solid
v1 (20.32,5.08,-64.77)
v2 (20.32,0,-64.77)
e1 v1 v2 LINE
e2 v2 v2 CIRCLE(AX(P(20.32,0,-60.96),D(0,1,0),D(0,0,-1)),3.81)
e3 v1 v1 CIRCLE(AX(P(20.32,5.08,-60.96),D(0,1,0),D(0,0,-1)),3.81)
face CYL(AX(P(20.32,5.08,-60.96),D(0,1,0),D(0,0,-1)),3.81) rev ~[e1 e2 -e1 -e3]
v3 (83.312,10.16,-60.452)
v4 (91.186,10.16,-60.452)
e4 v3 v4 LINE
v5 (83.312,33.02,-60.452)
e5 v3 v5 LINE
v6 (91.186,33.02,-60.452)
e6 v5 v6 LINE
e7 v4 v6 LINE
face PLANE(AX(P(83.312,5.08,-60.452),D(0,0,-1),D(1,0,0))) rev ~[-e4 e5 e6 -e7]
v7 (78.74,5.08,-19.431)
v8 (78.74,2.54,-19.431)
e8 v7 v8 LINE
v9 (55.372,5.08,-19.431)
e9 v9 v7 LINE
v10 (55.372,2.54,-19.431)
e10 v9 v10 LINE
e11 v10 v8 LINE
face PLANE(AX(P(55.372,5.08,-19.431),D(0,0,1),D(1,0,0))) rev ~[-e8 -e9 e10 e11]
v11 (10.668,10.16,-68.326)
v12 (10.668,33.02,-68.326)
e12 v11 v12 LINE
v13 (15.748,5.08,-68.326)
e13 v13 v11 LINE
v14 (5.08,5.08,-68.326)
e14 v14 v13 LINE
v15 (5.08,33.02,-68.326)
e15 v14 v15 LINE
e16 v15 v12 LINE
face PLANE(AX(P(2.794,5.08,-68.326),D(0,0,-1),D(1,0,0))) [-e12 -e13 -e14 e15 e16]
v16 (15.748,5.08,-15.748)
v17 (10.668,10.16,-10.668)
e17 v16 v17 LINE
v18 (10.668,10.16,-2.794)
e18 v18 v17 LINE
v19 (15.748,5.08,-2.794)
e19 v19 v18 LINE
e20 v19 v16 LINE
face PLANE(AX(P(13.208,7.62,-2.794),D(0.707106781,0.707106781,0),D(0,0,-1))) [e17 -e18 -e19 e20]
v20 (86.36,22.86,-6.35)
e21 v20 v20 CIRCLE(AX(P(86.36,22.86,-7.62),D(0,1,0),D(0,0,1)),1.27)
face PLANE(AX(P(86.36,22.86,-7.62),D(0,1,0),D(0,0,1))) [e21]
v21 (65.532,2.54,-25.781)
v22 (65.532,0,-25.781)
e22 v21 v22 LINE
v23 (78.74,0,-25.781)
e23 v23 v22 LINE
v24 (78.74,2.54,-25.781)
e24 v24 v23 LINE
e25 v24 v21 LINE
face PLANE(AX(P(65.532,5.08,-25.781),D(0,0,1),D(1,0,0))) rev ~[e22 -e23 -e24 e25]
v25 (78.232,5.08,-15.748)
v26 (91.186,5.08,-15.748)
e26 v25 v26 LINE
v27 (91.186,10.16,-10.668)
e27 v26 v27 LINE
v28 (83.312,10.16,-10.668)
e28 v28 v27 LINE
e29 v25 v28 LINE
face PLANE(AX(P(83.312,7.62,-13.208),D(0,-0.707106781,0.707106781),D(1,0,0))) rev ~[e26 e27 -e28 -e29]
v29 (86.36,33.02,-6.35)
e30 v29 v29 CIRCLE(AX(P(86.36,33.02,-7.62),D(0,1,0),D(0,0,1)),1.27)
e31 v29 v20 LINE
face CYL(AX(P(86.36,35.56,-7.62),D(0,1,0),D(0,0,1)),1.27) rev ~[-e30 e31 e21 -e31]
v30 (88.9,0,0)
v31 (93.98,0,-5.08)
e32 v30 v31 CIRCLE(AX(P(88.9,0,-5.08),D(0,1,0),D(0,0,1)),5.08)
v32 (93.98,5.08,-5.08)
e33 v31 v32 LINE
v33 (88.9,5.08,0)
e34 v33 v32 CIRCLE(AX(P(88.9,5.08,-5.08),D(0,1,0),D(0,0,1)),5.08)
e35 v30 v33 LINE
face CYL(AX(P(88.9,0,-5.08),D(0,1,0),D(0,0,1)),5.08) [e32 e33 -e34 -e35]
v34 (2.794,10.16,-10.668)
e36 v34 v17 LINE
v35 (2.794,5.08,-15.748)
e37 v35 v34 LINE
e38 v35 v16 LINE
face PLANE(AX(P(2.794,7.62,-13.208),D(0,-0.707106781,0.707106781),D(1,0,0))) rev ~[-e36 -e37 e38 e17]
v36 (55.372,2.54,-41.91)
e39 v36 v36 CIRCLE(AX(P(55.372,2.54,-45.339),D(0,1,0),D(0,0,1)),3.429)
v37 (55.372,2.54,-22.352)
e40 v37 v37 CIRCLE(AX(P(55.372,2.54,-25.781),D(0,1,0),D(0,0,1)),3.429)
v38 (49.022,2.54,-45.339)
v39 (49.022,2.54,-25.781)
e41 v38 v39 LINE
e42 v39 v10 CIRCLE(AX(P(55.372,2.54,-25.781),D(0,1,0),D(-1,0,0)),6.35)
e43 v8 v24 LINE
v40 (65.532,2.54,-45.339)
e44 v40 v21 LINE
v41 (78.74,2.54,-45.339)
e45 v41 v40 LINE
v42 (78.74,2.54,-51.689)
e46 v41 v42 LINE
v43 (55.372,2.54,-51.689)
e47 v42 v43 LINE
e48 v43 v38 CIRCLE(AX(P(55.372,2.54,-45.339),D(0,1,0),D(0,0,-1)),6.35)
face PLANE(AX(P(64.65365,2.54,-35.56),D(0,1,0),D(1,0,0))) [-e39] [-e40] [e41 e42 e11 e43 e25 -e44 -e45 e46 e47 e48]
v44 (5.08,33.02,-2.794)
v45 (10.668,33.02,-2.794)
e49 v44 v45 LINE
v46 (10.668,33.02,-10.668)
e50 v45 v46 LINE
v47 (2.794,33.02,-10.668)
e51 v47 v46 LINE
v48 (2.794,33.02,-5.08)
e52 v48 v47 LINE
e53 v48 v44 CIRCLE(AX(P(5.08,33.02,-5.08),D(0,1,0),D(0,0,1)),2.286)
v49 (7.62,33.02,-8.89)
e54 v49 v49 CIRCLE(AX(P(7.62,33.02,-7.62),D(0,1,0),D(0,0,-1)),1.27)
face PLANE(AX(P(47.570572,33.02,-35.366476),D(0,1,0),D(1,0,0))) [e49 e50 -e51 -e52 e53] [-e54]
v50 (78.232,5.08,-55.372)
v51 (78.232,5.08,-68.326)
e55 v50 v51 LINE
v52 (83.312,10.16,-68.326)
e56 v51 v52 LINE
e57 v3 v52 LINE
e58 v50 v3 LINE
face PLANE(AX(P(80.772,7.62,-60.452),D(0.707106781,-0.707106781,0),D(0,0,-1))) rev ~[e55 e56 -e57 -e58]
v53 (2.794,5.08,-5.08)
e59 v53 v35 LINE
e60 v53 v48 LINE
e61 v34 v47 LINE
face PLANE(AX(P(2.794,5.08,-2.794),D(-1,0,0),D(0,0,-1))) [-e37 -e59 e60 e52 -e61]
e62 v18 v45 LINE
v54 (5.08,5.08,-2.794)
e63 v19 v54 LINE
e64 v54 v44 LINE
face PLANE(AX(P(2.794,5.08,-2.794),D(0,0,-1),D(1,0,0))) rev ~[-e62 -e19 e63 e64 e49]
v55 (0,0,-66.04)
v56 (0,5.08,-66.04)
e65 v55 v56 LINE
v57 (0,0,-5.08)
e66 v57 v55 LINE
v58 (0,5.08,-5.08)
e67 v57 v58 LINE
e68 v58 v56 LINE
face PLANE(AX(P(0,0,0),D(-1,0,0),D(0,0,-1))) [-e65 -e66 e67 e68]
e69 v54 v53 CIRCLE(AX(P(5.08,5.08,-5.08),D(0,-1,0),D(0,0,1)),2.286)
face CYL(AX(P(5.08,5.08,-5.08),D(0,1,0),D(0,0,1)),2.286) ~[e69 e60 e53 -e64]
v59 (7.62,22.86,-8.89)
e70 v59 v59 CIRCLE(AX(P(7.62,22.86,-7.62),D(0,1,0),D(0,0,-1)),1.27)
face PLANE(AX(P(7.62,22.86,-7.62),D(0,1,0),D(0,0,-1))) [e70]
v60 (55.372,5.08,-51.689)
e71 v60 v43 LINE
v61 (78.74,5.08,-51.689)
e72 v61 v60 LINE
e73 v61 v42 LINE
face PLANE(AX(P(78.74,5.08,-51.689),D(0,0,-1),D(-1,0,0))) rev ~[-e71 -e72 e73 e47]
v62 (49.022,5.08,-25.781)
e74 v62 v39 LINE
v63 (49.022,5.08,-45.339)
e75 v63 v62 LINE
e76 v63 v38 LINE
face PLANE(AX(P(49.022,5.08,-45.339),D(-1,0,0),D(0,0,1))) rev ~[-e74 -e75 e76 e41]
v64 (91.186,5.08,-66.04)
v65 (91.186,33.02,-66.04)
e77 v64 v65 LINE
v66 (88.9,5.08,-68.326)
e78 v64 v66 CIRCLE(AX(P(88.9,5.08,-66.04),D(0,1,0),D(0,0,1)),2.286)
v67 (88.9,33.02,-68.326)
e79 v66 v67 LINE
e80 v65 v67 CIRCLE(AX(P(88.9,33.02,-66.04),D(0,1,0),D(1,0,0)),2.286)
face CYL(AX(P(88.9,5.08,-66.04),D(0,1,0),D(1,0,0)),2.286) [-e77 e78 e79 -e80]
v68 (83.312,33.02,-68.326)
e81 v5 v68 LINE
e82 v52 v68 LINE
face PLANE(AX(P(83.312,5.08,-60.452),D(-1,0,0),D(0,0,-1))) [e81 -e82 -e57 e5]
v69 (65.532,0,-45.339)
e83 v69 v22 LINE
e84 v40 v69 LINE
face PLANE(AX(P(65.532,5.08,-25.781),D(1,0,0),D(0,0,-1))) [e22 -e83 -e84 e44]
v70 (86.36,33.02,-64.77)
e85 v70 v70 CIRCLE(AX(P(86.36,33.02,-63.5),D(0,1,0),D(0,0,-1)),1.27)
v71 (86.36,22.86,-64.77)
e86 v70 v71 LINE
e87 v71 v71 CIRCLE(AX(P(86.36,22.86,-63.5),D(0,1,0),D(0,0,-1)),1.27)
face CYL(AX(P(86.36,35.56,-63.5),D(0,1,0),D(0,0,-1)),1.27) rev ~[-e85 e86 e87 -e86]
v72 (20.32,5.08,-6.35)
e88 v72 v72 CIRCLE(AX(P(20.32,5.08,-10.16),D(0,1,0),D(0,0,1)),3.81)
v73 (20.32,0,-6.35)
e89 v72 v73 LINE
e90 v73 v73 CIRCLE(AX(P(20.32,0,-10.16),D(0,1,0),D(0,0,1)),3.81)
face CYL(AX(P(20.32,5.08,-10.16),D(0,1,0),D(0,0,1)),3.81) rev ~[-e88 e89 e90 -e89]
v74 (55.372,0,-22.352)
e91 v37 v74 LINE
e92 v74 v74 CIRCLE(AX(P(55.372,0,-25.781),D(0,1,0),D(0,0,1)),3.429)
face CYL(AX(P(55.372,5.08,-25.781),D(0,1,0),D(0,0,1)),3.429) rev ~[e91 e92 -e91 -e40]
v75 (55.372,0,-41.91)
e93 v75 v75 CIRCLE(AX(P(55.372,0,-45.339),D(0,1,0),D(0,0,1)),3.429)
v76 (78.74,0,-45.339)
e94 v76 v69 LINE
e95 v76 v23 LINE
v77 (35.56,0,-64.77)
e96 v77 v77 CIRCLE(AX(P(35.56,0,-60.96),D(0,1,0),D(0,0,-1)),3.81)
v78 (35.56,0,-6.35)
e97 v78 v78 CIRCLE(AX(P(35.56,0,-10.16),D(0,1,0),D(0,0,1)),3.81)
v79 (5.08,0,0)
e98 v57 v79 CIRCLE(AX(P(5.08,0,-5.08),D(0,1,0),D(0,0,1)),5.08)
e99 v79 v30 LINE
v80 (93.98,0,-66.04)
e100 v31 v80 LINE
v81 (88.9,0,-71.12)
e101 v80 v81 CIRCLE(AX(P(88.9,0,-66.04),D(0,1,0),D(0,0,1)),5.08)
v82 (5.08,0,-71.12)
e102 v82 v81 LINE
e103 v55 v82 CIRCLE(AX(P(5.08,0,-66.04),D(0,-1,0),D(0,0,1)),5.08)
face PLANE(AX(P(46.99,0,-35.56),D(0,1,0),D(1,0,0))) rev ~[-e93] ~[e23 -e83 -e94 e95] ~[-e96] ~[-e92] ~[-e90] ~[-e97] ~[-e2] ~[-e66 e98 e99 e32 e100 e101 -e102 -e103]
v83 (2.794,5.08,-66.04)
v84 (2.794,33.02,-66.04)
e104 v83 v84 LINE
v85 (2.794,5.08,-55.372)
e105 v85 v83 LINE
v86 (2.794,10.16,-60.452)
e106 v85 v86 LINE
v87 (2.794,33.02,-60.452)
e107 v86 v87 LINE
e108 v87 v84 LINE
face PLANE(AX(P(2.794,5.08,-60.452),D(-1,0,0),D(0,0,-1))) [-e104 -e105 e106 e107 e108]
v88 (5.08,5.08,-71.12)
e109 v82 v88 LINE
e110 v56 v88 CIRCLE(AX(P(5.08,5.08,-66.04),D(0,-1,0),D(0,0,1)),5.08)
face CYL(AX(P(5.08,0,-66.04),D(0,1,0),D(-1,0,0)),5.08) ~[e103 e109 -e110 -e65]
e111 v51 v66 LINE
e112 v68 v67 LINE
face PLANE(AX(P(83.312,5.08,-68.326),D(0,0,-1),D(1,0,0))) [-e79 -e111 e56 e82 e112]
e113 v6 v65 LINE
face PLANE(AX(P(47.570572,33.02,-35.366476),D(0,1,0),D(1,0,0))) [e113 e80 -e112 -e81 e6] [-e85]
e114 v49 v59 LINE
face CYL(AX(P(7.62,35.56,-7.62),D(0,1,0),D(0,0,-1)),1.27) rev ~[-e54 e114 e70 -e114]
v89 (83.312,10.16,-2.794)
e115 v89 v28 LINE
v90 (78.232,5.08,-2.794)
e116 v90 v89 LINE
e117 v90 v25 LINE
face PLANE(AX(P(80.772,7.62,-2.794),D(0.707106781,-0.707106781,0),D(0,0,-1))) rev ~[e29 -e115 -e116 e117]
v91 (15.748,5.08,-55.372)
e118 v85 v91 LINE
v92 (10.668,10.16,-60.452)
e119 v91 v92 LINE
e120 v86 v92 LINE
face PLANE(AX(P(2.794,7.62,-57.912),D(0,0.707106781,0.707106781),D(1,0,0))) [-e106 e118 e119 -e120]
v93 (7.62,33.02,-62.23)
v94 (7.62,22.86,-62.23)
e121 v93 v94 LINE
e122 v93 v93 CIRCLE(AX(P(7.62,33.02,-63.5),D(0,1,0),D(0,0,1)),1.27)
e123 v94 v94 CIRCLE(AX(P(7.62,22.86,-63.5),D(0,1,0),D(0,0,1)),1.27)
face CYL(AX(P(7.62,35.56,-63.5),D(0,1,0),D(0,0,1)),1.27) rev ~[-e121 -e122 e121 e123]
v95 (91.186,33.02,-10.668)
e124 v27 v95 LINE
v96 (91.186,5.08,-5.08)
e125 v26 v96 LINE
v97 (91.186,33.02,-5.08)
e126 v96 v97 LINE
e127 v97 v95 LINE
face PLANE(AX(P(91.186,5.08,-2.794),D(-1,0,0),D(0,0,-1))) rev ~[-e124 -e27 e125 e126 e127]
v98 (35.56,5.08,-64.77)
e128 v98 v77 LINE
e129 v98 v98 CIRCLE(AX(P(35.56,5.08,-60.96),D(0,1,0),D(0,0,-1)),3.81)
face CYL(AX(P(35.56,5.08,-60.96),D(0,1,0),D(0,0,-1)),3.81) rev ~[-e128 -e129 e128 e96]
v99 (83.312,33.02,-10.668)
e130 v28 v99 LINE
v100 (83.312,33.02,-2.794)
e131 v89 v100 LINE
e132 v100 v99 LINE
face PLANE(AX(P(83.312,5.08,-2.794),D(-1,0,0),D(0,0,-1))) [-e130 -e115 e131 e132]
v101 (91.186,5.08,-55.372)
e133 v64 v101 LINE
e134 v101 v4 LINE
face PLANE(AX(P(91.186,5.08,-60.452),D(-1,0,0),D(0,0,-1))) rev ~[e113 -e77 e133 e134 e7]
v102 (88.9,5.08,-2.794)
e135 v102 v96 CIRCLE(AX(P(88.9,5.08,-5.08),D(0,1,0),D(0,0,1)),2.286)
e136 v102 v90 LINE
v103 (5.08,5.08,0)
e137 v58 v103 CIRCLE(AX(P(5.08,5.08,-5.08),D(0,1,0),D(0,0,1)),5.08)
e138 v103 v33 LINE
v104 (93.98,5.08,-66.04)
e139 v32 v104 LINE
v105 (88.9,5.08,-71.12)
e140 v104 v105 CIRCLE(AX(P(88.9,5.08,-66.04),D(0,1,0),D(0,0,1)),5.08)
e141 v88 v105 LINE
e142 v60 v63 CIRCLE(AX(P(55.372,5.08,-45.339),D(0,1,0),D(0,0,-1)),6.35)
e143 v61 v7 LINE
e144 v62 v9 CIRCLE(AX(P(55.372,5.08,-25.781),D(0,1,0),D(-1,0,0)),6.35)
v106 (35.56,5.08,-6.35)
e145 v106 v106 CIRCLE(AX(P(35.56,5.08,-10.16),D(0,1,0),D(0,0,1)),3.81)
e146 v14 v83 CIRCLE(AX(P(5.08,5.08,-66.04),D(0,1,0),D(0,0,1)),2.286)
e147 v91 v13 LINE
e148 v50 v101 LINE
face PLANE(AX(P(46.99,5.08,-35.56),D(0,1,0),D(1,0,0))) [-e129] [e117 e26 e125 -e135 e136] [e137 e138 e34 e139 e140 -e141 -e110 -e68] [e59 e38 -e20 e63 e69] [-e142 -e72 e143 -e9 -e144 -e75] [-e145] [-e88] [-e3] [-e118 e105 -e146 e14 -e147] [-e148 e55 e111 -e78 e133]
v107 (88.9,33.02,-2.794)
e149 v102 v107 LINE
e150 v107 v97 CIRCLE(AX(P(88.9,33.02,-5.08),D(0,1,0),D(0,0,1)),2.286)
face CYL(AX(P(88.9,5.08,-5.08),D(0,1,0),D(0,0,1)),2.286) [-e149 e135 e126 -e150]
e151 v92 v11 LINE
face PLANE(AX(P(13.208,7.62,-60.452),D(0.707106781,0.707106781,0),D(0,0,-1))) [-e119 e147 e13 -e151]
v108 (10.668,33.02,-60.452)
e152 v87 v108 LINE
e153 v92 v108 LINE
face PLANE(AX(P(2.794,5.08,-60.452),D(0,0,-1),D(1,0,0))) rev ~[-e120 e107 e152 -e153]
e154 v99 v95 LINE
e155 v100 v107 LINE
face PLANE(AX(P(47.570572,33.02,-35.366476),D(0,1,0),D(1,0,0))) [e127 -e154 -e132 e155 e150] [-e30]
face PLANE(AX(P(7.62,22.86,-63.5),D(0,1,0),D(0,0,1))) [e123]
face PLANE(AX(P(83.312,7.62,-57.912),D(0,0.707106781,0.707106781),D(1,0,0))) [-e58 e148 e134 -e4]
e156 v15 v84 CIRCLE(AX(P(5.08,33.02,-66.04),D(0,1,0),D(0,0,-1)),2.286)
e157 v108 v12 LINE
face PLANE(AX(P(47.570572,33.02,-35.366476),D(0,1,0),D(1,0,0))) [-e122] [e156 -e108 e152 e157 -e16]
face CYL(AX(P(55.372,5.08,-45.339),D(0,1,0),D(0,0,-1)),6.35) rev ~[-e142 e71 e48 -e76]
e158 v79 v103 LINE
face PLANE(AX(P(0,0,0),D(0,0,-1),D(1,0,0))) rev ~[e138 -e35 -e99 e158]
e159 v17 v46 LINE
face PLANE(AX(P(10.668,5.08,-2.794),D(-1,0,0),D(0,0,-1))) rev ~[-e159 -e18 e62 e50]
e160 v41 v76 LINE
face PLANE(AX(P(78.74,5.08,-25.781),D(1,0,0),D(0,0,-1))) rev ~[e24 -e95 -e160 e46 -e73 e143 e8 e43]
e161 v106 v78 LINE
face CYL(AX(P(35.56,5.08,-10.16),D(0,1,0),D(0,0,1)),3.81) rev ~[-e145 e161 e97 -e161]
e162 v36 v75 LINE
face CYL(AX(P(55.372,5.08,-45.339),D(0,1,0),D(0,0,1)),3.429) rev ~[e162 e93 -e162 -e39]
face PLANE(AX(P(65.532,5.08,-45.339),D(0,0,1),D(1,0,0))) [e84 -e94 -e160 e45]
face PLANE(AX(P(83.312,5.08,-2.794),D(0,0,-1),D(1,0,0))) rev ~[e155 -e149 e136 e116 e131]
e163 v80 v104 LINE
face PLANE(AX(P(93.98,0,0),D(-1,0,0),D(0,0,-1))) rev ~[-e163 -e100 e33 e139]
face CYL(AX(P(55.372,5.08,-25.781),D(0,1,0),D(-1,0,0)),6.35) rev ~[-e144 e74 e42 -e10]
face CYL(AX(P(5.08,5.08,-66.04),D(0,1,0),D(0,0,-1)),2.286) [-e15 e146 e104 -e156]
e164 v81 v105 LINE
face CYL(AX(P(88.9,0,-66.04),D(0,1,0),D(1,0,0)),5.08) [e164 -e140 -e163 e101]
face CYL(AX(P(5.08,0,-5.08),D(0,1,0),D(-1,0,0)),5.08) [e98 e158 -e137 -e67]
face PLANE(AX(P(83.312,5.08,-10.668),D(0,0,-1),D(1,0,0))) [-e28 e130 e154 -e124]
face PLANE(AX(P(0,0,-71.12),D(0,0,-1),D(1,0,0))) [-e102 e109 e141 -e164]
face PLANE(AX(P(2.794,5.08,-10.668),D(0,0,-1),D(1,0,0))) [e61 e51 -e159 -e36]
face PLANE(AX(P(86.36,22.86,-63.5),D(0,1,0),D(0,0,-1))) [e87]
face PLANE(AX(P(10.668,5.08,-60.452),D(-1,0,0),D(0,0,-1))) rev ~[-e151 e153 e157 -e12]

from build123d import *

# Parameters (mm, degrees)
SKETCH1_W           = 93.98
SKETCH1_H           = 71.12
BOSS_EXTRUDE1_DEPTH = 5.08
FILLET4_R           = 5.08
CUT_EXTRUDE5_REACH  = 119.967
SKETCH7_R           = 3.429
SKETCH7_W           = 13.208
SKETCH7_H           = 19.558
CUT_EXTRUDE7_DEPTH  = 2.54
CUT_EXTRUDE8_REACH  = 119.967
SKETCH8_R           = 3.81
SKETCH2_W           = 7.874
SKETCH2_H           = 7.874
BOSS_EXTRUDE3_DEPTH = 30.48
SKETCH10_R          = 1.27
CUT_EXTRUDE9_DEPTH  = 12.7
FILLET5_R           = 2.286
CHAMFER4_SIZE       = 5.08
SKETCH11_W          = 103.535361548
SKETCH11_H          = 78.086950251
CUT_EXTRUDE10_DEPTH = 2.54


with BuildPart() as part:
    # Sketch1 → Boss-Extrude1 (new body)
    with BuildSketch(Plane(origin=(0, 0, 0), x_dir=(1, 0, 0), z_dir=(0, 1, 0))):
        with Locations((46.99, 35.56)):
            Rectangle(SKETCH1_W, SKETCH1_H)
    extrude(amount=BOSS_EXTRUDE1_DEPTH)

    # Fillet4
    fillet4_edges = [part.edges().sort_by_distance(p)[0] for p in [
        (0, 2.54, -71.12),
        (93.98, 2.54, -71.12),
        (93.98, 2.54, 0),
        (0, 2.54, 0),
    ]]
    fillet(fillet4_edges, radius=FILLET4_R)

    # Sketch7 → Cut-Extrude5 (cut, up to next)
    with BuildSketch(Plane(origin=(0, 5.08, 0), x_dir=(1, 0, 0), z_dir=(0, 1, 0)), mode=Mode.PRIVATE) as cut_extrude5_sk1:
        with Locations(Location((55.372, 45.339, 0), (0, 0, 270))):
            Circle(SKETCH7_R)
    cut_extrude5_tool1 = extrude(cut_extrude5_sk1.sketch, amount=-CUT_EXTRUDE5_REACH, mode=Mode.PRIVATE) & part.part
    # Sketch7 → Cut-Extrude5 (cut, up to next)
    with BuildSketch(Plane(origin=(0, 5.08, 0), x_dir=(1, 0, 0), z_dir=(0, 1, 0)), mode=Mode.PRIVATE) as cut_extrude5_sk2:
        with Locations(Location((55.372, 25.781, 0), (0, 0, 270))):
            Circle(SKETCH7_R)
    cut_extrude5_tool2 = extrude(cut_extrude5_sk2.sketch, amount=-CUT_EXTRUDE5_REACH, mode=Mode.PRIVATE) & part.part
    # Sketch7 → Cut-Extrude5 (cut, up to next)
    with BuildSketch(Plane(origin=(0, 5.08, 0), x_dir=(1, 0, 0), z_dir=(0, 1, 0)), mode=Mode.PRIVATE) as cut_extrude5_sk3:
        with Locations((72.136, 35.56)):
            Rectangle(SKETCH7_W, SKETCH7_H)
    cut_extrude5_tool3 = extrude(cut_extrude5_sk3.sketch, amount=-CUT_EXTRUDE5_REACH, mode=Mode.PRIVATE) & part.part
    add(cut_extrude5_tool1.solids().sort_by_distance((55.372, 5.08, -45.339))[0], mode=Mode.SUBTRACT)
    add(cut_extrude5_tool2.solids().sort_by_distance((55.372, 5.08, -25.781))[0], mode=Mode.SUBTRACT)
    add(cut_extrude5_tool3.solids().sort_by_distance((72.136, 5.08, -35.56))[0], mode=Mode.SUBTRACT)

    # Sketch9 → Cut-Extrude7 (cut)
    with BuildSketch(Plane(origin=(0, 5.08, 0), x_dir=(1, 0, 0), z_dir=(0, 1, 0))):
        with BuildLine():
            Line((49.022, 45.339), (49.022, 25.781))
            ThreePointArc((49.022, 25.781), (50.881871939, 21.290871939), (55.372, 19.431))
            Line((55.372, 19.431), (65.532, 19.431))
            Line((65.532, 19.431), (78.74, 19.431))
            Line((78.74, 19.431), (78.74, 51.689))
            Line((78.74, 51.689), (65.532, 51.689))
            Line((65.532, 51.689), (55.372, 51.689))
            ThreePointArc((55.372, 51.689), (50.881871939, 49.829128061), (49.022, 45.339))
        make_face()
    extrude(amount=-CUT_EXTRUDE7_DEPTH, mode=Mode.SUBTRACT)

    # Sketch8 → Cut-Extrude8 (cut, up to next)
    with BuildSketch(Plane(origin=(0, 5.08, 0), x_dir=(1, 0, 0), z_dir=(0, 1, 0)), mode=Mode.PRIVATE) as cut_extrude8_sk1:
        with Locations(Location((20.32, 10.16, 0), (0, 0, 270))):
            Circle(SKETCH8_R)
    cut_extrude8_tool1 = extrude(cut_extrude8_sk1.sketch, amount=-CUT_EXTRUDE8_REACH, mode=Mode.PRIVATE) & part.part
    # Sketch8 → Cut-Extrude8 (cut, up to next)
    with BuildSketch(Plane(origin=(0, 5.08, 0), x_dir=(1, 0, 0), z_dir=(0, 1, 0)), mode=Mode.PRIVATE) as cut_extrude8_sk2:
        with Locations(Location((35.56, 10.16, 0), (0, 0, 270))):
            Circle(SKETCH8_R)
    cut_extrude8_tool2 = extrude(cut_extrude8_sk2.sketch, amount=-CUT_EXTRUDE8_REACH, mode=Mode.PRIVATE) & part.part
    # Sketch8 → Cut-Extrude8 (cut, up to next)
    with BuildSketch(Plane(origin=(0, 5.08, 0), x_dir=(1, 0, 0), z_dir=(0, 1, 0)), mode=Mode.PRIVATE) as cut_extrude8_sk3:
        with Locations(Location((35.56, 60.96, 0), (0, 0, 90))):
            Circle(SKETCH8_R)
    cut_extrude8_tool3 = extrude(cut_extrude8_sk3.sketch, amount=-CUT_EXTRUDE8_REACH, mode=Mode.PRIVATE) & part.part
    # Sketch8 → Cut-Extrude8 (cut, up to next)
    with BuildSketch(Plane(origin=(0, 5.08, 0), x_dir=(1, 0, 0), z_dir=(0, 1, 0)), mode=Mode.PRIVATE) as cut_extrude8_sk4:
        with Locations(Location((20.32, 60.96, 0), (0, 0, 90))):
            Circle(SKETCH8_R)
    cut_extrude8_tool4 = extrude(cut_extrude8_sk4.sketch, amount=-CUT_EXTRUDE8_REACH, mode=Mode.PRIVATE) & part.part
    add(cut_extrude8_tool1.solids().sort_by_distance((20.32, 5.08, -10.16))[0], mode=Mode.SUBTRACT)
    add(cut_extrude8_tool2.solids().sort_by_distance((35.56, 5.08, -10.16))[0], mode=Mode.SUBTRACT)
    add(cut_extrude8_tool3.solids().sort_by_distance((35.56, 5.08, -60.96))[0], mode=Mode.SUBTRACT)
    add(cut_extrude8_tool4.solids().sort_by_distance((20.32, 5.08, -60.96))[0], mode=Mode.SUBTRACT)

    # Sketch2 → Boss-Extrude3 (add)
    with BuildSketch(Plane(origin=(0, 5.08, 0), x_dir=(1, 0, 0), z_dir=(0, 1, 0))):
        with Locations((6.731, 64.389)):
            Rectangle(SKETCH2_W, SKETCH2_H)
        with Locations((87.249, 64.389)):
            Rectangle(SKETCH2_W, SKETCH2_H)
        with Locations((87.249, 6.731)):
            Rectangle(SKETCH2_W, SKETCH2_H)
        with Locations((6.731, 6.731)):
            Rectangle(SKETCH2_W, SKETCH2_H)
    extrude(amount=BOSS_EXTRUDE3_DEPTH)

    # Sketch10 → Cut-Extrude9 (cut)
    with BuildSketch(Plane(origin=(0, 35.56, 0), x_dir=(1, 0, 0), z_dir=(0, 1, 0))):
        with Locations(Location((7.62, 63.5, 0), (0, 0, 270))):
            Circle(SKETCH10_R)
        with Locations(Location((86.36, 63.5, 0), (0, 0, 90))):
            Circle(SKETCH10_R)
        with Locations(Location((86.36, 7.62, 0), (0, 0, 270))):
            Circle(SKETCH10_R)
        with Locations(Location((7.62, 7.62, 0), (0, 0, 90))):
            Circle(SKETCH10_R)
    extrude(amount=-CUT_EXTRUDE9_DEPTH, mode=Mode.SUBTRACT)

    # Fillet5
    fillet5_edges = [part.edges().sort_by_distance(p)[0] for p in [
        (2.794, 20.32, -68.326),
        (91.186, 20.32, -68.326),
        (91.186, 20.32, -2.794),
        (2.794, 20.32, -2.794),
    ]]
    fillet(fillet5_edges, radius=FILLET5_R)

    # Chamfer4
    chamfer4_edges = [part.edges().sort_by_distance(p)[0] for p in [
        (6.731, 5.08, -60.452),
        (10.668, 5.08, -64.389),
        (83.312, 5.08, -64.389),
        (87.249, 5.08, -60.452),
        (87.249, 5.08, -10.668),
        (83.312, 5.08, -6.731),
        (10.668, 5.08, -6.731),
        (6.731, 5.08, -10.668),
    ]]
    chamfer(chamfer4_edges, length=CHAMFER4_SIZE)

    # Sketch11 → Cut-Extrude10 (cut)
    with BuildSketch(Plane(origin=(0, 35.56, 0), x_dir=(1, 0, 0), z_dir=(0, 1, 0))):
        with Locations((47.570572121, 35.36647596)):
            Rectangle(SKETCH11_W, SKETCH11_H)
    extrude(amount=-CUT_EXTRUDE10_DEPTH, mode=Mode.SUBTRACT)


solid = part.part
